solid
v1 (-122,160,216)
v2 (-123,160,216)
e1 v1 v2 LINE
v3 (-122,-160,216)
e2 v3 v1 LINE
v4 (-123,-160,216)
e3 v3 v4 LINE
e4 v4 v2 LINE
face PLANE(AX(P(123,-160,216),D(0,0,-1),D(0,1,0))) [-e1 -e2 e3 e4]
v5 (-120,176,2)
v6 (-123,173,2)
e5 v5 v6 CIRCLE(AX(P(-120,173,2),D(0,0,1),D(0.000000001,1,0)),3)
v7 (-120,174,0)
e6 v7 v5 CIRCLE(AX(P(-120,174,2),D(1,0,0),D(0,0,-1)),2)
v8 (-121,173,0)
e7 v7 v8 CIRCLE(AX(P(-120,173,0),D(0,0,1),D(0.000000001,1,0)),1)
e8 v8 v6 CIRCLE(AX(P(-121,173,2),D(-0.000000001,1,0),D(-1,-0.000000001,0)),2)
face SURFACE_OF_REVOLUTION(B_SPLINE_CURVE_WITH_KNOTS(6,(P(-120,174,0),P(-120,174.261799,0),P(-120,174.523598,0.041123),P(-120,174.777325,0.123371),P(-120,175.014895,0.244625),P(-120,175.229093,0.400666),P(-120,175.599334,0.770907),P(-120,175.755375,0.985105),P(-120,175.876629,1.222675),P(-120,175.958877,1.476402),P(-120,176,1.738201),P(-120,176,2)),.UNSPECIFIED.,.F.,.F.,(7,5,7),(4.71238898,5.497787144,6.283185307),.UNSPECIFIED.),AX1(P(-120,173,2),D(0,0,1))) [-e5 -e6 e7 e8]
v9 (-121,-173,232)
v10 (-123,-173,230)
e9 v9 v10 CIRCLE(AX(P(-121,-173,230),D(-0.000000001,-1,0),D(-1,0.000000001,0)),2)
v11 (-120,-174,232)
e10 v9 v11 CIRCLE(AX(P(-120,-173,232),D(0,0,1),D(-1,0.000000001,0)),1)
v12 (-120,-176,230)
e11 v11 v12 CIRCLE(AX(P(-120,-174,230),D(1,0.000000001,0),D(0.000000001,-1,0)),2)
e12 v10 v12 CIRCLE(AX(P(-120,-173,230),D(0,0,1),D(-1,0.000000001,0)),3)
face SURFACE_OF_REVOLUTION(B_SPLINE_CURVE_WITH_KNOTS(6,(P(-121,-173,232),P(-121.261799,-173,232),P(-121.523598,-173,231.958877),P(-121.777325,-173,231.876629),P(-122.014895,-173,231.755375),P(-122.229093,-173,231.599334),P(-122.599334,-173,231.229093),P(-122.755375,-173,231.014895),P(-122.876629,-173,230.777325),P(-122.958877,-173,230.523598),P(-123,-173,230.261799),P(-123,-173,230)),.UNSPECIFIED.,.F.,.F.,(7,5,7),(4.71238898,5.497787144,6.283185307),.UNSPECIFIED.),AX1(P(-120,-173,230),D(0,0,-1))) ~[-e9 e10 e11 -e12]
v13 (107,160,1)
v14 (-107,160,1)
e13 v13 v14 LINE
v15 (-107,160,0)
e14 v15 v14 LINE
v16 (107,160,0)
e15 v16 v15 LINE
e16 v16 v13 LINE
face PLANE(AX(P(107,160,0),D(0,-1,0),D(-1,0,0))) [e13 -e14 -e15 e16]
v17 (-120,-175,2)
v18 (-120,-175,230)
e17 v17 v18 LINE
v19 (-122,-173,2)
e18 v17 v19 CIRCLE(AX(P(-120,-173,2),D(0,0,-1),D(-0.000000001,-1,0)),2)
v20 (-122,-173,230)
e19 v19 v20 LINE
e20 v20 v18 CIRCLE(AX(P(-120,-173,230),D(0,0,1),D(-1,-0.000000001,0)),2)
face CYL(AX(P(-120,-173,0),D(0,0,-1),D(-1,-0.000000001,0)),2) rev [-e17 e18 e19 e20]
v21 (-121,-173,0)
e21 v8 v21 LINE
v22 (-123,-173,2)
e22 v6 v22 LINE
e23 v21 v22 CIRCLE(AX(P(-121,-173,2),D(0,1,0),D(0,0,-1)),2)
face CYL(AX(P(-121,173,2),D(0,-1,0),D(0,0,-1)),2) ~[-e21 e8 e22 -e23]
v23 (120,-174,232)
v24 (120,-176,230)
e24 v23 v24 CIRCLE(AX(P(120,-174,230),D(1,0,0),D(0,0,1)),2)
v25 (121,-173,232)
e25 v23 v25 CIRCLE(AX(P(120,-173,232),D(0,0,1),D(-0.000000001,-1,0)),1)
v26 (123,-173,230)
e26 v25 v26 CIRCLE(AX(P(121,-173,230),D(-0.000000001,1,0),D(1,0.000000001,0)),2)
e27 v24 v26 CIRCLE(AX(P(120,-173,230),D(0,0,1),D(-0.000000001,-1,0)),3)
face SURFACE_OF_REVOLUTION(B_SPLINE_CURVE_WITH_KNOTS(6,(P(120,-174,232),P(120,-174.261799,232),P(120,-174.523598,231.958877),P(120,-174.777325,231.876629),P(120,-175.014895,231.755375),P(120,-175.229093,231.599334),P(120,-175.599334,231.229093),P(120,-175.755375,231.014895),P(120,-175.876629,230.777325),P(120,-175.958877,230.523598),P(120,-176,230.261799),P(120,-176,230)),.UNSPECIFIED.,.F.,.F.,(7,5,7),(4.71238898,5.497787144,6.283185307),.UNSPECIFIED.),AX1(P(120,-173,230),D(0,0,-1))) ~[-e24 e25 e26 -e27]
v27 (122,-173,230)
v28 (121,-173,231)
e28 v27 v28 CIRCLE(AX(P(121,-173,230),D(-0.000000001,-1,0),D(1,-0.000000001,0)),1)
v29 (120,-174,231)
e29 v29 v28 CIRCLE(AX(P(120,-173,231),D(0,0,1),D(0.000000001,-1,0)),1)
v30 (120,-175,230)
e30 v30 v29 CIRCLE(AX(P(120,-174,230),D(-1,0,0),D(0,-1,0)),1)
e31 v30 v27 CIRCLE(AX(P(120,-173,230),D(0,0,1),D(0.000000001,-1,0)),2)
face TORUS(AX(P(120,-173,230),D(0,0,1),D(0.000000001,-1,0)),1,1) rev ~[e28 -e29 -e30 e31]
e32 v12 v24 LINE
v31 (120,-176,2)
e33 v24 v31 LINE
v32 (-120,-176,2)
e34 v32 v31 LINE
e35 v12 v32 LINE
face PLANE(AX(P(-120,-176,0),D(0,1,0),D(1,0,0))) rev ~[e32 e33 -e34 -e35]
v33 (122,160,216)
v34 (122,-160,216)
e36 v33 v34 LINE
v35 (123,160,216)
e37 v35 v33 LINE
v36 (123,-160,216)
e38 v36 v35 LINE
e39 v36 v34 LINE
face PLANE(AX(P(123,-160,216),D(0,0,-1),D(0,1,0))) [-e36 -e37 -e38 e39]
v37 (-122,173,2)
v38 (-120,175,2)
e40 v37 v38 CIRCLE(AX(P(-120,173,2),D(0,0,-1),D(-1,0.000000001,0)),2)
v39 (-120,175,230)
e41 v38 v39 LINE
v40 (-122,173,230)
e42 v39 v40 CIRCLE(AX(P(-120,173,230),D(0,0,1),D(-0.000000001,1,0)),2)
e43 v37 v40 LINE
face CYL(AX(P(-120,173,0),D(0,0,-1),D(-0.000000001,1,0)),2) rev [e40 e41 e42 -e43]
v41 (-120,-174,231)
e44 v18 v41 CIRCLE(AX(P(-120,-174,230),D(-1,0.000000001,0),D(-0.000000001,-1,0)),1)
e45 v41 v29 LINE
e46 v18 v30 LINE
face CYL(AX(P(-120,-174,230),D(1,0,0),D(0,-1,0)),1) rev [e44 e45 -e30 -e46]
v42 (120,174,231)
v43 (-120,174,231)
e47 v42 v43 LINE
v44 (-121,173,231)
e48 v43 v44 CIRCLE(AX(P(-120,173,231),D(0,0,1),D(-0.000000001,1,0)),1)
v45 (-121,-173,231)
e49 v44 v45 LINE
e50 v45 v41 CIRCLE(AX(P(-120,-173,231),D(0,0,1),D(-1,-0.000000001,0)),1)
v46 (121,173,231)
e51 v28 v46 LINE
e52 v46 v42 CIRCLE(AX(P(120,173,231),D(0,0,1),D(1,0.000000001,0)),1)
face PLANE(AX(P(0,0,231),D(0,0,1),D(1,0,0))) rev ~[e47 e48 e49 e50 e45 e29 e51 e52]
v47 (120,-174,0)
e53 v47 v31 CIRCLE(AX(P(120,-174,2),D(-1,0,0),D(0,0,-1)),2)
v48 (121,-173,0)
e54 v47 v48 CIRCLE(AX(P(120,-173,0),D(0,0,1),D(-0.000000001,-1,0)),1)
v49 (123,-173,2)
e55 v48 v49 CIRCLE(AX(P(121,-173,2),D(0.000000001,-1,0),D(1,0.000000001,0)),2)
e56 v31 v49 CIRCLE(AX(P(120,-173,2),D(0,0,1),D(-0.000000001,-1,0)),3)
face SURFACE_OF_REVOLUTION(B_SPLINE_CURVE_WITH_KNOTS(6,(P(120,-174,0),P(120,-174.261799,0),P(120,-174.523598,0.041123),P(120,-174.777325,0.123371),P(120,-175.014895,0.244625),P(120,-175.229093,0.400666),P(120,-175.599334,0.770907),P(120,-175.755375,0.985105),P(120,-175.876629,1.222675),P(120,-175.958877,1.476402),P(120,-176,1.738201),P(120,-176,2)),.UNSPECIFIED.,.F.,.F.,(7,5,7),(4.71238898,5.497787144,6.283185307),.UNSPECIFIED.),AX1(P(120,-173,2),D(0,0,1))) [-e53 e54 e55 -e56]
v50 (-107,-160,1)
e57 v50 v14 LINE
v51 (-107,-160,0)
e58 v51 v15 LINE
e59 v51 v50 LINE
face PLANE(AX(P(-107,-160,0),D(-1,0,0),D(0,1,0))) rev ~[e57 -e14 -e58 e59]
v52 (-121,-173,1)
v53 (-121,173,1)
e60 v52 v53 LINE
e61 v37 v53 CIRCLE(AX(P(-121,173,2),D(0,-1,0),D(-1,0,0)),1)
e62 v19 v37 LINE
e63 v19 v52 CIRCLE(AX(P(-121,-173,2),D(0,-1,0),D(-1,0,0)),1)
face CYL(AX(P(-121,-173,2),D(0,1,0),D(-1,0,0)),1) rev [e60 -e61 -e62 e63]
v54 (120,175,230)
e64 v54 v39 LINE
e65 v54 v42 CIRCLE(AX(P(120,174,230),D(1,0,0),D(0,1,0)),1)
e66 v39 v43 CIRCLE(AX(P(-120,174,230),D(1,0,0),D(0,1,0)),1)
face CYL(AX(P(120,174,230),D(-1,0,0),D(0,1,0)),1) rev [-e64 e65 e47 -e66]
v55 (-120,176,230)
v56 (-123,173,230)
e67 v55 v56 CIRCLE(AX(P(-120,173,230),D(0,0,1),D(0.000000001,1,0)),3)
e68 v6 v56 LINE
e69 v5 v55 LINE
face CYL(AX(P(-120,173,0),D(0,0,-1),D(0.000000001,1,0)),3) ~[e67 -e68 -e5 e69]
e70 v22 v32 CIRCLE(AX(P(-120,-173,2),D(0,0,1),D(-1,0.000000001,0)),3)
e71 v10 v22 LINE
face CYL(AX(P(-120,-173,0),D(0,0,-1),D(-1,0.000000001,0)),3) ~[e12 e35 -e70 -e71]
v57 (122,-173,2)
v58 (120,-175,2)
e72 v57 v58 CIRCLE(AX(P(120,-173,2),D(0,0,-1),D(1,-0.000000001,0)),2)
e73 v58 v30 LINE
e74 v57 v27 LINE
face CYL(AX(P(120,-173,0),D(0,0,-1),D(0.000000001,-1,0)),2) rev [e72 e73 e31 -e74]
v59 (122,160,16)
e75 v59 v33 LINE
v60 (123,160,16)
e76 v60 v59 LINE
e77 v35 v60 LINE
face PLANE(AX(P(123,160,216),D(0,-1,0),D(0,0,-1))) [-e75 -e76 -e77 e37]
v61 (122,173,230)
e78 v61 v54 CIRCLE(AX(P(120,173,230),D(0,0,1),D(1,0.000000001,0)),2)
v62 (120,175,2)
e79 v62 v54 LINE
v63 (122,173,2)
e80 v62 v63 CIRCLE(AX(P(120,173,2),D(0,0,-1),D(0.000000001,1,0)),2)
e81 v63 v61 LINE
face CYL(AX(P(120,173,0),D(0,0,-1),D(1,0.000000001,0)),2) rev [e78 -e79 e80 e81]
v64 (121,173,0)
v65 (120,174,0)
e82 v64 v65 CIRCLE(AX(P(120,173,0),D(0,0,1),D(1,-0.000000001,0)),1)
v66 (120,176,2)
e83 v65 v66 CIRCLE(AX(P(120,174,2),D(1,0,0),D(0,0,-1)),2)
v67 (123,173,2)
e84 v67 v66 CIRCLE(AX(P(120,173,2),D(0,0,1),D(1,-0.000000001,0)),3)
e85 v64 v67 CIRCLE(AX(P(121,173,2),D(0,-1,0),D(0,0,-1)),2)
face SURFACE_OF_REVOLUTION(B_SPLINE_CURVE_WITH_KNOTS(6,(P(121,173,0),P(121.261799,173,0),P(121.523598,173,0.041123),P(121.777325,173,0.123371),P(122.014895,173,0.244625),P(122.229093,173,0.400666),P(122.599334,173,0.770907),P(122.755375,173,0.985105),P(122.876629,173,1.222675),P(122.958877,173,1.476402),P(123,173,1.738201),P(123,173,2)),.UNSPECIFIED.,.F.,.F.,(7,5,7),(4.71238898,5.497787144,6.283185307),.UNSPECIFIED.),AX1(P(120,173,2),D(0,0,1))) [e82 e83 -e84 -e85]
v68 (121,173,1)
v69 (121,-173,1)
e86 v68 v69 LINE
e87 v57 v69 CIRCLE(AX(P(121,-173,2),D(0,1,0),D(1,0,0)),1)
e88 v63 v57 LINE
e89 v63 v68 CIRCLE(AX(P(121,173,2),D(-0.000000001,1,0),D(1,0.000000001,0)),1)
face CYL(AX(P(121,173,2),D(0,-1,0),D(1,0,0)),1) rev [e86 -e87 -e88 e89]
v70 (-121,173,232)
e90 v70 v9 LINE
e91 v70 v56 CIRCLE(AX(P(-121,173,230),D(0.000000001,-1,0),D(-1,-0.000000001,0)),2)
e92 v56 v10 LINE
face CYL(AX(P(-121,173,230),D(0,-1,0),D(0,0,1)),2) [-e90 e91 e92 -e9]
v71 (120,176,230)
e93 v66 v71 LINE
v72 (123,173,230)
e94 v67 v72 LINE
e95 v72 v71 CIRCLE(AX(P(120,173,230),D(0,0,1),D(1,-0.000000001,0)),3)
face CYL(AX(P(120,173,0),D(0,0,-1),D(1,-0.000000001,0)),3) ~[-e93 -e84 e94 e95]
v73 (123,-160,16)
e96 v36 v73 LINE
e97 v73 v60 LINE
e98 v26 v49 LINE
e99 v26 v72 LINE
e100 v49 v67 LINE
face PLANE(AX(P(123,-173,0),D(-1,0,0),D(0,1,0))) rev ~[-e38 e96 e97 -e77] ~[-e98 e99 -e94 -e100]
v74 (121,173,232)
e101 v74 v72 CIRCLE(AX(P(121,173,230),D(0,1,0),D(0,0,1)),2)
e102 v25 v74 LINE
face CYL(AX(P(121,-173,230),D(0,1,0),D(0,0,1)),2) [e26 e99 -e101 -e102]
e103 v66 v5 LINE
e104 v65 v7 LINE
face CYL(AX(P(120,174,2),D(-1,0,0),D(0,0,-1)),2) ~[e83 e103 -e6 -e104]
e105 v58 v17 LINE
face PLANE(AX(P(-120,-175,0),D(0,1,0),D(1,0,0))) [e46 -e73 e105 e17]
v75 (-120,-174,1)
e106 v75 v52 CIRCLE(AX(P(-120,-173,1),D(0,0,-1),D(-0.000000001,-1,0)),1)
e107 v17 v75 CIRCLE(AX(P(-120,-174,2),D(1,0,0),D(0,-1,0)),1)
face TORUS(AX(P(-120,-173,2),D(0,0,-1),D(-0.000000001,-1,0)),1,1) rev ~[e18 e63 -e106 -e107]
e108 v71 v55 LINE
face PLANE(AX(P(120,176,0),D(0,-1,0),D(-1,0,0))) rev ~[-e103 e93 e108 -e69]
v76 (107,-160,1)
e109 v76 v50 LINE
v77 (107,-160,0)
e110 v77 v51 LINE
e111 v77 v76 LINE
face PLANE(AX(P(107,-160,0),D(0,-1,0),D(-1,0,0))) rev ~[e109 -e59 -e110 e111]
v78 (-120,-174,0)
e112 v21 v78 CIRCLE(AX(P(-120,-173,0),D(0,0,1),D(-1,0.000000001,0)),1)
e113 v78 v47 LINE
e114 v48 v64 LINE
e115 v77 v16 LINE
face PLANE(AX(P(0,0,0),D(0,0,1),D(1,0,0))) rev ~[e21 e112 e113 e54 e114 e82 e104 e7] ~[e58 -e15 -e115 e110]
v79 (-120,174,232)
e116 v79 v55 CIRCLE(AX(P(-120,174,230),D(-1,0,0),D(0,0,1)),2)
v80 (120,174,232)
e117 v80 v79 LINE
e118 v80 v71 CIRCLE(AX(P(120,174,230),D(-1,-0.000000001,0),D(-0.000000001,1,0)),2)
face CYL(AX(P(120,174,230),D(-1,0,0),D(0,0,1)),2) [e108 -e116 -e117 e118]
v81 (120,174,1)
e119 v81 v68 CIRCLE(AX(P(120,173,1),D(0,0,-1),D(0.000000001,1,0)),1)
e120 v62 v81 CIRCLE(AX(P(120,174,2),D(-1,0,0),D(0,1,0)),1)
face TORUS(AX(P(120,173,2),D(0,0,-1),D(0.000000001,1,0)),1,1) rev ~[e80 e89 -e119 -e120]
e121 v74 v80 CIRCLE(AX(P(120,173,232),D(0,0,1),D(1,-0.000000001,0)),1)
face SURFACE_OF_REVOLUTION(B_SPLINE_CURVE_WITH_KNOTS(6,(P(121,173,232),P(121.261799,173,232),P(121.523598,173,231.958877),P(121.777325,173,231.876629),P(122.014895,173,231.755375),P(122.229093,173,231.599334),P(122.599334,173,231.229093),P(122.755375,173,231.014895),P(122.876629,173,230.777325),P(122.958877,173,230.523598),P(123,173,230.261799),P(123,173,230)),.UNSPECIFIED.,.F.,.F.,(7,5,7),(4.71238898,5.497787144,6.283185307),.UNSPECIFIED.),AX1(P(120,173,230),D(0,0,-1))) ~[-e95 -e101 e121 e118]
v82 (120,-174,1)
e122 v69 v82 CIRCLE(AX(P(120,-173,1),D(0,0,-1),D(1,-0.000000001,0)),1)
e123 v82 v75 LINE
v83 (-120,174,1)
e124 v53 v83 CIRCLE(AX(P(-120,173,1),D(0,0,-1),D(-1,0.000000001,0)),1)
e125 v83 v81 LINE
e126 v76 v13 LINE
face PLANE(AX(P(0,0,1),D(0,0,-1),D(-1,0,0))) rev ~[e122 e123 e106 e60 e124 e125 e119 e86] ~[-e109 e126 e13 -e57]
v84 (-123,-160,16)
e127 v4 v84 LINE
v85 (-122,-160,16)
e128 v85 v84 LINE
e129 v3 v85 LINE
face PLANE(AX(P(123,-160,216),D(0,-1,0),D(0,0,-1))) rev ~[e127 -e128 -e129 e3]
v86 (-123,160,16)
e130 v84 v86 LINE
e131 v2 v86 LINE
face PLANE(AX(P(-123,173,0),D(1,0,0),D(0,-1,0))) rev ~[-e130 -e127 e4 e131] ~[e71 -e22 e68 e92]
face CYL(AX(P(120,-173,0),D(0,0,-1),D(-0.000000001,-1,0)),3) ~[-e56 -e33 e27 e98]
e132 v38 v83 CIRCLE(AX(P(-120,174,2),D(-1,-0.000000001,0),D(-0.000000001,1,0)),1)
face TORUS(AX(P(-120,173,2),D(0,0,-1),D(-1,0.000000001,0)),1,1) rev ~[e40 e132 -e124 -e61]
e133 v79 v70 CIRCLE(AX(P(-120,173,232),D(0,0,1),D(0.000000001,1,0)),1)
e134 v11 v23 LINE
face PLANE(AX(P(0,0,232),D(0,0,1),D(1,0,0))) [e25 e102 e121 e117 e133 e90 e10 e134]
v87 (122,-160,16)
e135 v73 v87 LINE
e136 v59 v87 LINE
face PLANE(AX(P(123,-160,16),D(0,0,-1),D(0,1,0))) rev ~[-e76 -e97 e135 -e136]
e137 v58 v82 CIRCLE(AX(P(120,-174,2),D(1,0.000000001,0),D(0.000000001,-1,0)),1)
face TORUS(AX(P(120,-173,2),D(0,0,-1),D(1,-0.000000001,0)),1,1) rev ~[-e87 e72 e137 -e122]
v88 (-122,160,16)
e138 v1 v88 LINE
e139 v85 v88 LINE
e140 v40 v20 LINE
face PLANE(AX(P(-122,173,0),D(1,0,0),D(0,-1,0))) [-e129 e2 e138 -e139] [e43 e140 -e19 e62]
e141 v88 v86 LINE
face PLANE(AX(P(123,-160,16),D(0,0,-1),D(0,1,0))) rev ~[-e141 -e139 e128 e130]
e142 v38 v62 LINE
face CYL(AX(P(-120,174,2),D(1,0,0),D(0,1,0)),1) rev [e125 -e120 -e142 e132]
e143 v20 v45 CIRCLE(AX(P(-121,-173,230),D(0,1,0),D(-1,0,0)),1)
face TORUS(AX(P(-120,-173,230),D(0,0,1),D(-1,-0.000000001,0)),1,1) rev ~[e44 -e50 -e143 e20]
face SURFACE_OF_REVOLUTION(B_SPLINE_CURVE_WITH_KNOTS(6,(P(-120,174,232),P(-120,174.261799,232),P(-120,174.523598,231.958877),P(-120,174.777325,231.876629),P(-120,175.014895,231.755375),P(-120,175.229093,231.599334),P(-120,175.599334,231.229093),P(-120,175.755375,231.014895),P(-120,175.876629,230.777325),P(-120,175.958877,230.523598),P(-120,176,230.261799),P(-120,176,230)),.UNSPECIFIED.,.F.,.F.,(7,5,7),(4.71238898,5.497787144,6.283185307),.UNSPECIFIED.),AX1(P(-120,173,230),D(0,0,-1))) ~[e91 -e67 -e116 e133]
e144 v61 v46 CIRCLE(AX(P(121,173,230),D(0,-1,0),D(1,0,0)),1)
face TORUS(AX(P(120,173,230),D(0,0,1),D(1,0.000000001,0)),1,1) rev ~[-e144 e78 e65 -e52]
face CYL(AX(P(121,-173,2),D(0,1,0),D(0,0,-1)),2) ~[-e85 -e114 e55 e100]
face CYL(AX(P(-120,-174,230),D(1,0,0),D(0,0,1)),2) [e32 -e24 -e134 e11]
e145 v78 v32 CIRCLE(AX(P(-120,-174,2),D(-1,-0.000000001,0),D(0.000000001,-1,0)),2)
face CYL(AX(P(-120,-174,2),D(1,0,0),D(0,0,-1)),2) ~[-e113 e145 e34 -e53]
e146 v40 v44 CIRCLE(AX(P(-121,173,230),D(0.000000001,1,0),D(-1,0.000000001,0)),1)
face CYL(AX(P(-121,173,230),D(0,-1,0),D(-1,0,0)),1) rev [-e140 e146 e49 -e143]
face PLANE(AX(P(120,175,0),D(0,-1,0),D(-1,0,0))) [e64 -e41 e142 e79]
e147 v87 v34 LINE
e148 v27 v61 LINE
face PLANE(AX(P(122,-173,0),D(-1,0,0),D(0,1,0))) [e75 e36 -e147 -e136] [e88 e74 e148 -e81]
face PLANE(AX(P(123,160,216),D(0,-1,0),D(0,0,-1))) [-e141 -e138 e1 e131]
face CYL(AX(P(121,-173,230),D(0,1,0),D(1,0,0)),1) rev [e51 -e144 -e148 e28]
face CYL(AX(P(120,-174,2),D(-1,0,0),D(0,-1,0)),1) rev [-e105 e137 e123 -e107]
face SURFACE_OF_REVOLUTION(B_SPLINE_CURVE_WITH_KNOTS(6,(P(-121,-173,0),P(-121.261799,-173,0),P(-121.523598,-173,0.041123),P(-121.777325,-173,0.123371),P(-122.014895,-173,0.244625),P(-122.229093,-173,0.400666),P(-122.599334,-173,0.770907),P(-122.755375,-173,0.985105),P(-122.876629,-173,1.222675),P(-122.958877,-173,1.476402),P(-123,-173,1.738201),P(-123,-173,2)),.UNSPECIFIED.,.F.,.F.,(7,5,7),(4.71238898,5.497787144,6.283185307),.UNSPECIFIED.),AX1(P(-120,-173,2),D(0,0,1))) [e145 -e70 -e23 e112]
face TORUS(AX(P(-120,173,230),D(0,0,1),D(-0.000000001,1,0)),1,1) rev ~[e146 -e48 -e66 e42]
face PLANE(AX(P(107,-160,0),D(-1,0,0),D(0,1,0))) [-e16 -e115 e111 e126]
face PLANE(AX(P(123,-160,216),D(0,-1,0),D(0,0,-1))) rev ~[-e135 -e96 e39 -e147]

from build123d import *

# Parameters (mm, degrees)
EXTRUDE_1_DEPTH     = 232
SKETCH_2_W          = 200
SKETCH_2_H          = 320
CUT_EXTRUDE_1_DEPTH = 500
EXTRUDE_START       = -1
EXTRUDE_1_2_DEPTH   = 1
SKETCH_4_W          = 214
SKETCH_4_H          = 320
EXTRUDE_2_DEPTH     = 1
FILLET_1_R          = 1
FILLET_2_R          = 2


with BuildPart() as part:
    # Эскиз1 → Extrude 1 (new body)
    with BuildSketch(Plane.XY):
        with BuildLine():
            Line((123, -173), (123, 173))
            ThreePointArc((123, 173), (122.121320344, 175.121320344), (120, 176))
            Line((120, 176), (-120, 176))
            ThreePointArc((-120, 176), (-122.121320344, 175.121320344), (-123, 173))
            Line((-123, 173), (-123, -173))
            ThreePointArc((-123, -173), (-122.121320344, -175.121320344), (-120, -176))
            Line((-120, -176), (120, -176))
            ThreePointArc((120, -176), (122.121320344, -175.121320344), (123, -173))
        make_face()
        with BuildLine():
            Line((122, -173), (122, 173))
            ThreePointArc((122, 173), (121.414213562, 174.414213562), (120, 175))
            Line((120, 175), (-120, 175))
            ThreePointArc((-120, 175), (-121.414213562, 174.414213562), (-122, 173))
            Line((-122, 173), (-122, -173))
            ThreePointArc((-122, -173), (-121.414213562, -174.414213562), (-120, -175))
            Line((-120, -175), (120, -175))
            ThreePointArc((120, -175), (121.414213562, -174.414213562), (122, -173))
        make_face(mode=Mode.SUBTRACT)
    extrude(amount=EXTRUDE_1_DEPTH)

    # Эскиз2 → Вырез-Вытянуть1 (cut)
    with BuildSketch(Plane(origin=(123, 0, 0), x_dir=(0, 0, -1), z_dir=(1, 0, 0))):
        with Locations((-116, 0)):
            Rectangle(SKETCH_2_W, SKETCH_2_H)
    extrude(amount=-CUT_EXTRUDE_1_DEPTH, mode=Mode.SUBTRACT)

    # Эскиз3 → Extrude 1 2 (add)
    with BuildSketch(Plane.XY.offset(232).offset(EXTRUDE_START)):
        with BuildLine():
            Line((-123, 173), (-123, -173))
            ThreePointArc((-123, -173), (-122.121320344, -175.121320344), (-120, -176))
            Line((-120, -176), (120, -176))
            ThreePointArc((120, -176), (122.121320344, -175.121320344), (123, -173))
            Line((123, -173), (123, 173))
            ThreePointArc((123, 173), (122.121320344, 175.121320344), (120, 176))
            Line((120, 176), (-120, 176))
            ThreePointArc((-120, 176), (-122.121320344, 175.121320344), (-123, 173))
        make_face()
    extrude(amount=EXTRUDE_1_2_DEPTH)

    # Эскиз4 → Вытянуть2 (add)
    with BuildSketch(Plane(origin=(0, 0, 0), x_dir=(-1, 0, 0), z_dir=(0, 0, -1))):
        with BuildLine():
            Line((120, 176), (-120, 176))
            ThreePointArc((-120, 176), (-122.121320344, 175.121320344), (-123, 173))
            Line((-123, 173), (-123, -173))
            ThreePointArc((-123, -173), (-122.121320344, -175.121320344), (-120, -176))
            Line((-120, -176), (120, -176))
            ThreePointArc((120, -176), (122.121320344, -175.121320344), (123, -173))
            Line((123, -173), (123, 173))
            ThreePointArc((123, 173), (122.121320344, 175.121320344), (120, 176))
        make_face()
        Rectangle(SKETCH_4_W, SKETCH_4_H, mode=Mode.SUBTRACT)
    extrude(amount=-EXTRUDE_2_DEPTH)

    # Скругление1
    fillet_1_edges = [part.edges().sort_by_distance(p)[0] for p in [
        (-122, 0, 1),
        (-121.414213562, 174.414213562, 1),
        (0, 175, 1),
        (121.414213562, 174.414213562, 1),
        (122, 0, 1),
        (121.414213562, -174.414213562, 1),
        (0, -175, 1),
        (-121.414213562, -174.414213562, 1),
        (0, 175, 231),
        (-121.414213562, 174.414213562, 231),
        (-122, 0, 231),
        (-121.414213562, -174.414213562, 231),
        (0, -175, 231),
        (121.414213562, -174.414213562, 231),
        (122, 0, 231),
        (121.414213562, 174.414213562, 231),
    ]]
    fillet(fillet_1_edges, radius=FILLET_1_R)

    # Скругление2
    fillet_2_edges = [part.edges().sort_by_distance(p)[0] for p in [
        (-122.121320344, -175.121320344, 232),
        (0, -176, 232),
        (122.121320344, -175.121320344, 232),
        (123, 0, 232),
        (122.121320344, 175.121320344, 232),
        (0, 176, 232),
        (-122.121320344, 175.121320344, 232),
        (0, 176, 0),
        (122.121320344, 175.121320344, 0),
        (123, 0, 0),
        (122.121320344, -175.121320344, 0),
        (0, -176, 0),
        (-122.121320344, -175.121320344, 0),
        (-123, 0, 0),
        (-122.121320344, 175.121320344, 0),
        (-123, 0, 232),
    ]]
    fillet(fillet_2_edges, radius=FILLET_2_R)


solid = part.part
